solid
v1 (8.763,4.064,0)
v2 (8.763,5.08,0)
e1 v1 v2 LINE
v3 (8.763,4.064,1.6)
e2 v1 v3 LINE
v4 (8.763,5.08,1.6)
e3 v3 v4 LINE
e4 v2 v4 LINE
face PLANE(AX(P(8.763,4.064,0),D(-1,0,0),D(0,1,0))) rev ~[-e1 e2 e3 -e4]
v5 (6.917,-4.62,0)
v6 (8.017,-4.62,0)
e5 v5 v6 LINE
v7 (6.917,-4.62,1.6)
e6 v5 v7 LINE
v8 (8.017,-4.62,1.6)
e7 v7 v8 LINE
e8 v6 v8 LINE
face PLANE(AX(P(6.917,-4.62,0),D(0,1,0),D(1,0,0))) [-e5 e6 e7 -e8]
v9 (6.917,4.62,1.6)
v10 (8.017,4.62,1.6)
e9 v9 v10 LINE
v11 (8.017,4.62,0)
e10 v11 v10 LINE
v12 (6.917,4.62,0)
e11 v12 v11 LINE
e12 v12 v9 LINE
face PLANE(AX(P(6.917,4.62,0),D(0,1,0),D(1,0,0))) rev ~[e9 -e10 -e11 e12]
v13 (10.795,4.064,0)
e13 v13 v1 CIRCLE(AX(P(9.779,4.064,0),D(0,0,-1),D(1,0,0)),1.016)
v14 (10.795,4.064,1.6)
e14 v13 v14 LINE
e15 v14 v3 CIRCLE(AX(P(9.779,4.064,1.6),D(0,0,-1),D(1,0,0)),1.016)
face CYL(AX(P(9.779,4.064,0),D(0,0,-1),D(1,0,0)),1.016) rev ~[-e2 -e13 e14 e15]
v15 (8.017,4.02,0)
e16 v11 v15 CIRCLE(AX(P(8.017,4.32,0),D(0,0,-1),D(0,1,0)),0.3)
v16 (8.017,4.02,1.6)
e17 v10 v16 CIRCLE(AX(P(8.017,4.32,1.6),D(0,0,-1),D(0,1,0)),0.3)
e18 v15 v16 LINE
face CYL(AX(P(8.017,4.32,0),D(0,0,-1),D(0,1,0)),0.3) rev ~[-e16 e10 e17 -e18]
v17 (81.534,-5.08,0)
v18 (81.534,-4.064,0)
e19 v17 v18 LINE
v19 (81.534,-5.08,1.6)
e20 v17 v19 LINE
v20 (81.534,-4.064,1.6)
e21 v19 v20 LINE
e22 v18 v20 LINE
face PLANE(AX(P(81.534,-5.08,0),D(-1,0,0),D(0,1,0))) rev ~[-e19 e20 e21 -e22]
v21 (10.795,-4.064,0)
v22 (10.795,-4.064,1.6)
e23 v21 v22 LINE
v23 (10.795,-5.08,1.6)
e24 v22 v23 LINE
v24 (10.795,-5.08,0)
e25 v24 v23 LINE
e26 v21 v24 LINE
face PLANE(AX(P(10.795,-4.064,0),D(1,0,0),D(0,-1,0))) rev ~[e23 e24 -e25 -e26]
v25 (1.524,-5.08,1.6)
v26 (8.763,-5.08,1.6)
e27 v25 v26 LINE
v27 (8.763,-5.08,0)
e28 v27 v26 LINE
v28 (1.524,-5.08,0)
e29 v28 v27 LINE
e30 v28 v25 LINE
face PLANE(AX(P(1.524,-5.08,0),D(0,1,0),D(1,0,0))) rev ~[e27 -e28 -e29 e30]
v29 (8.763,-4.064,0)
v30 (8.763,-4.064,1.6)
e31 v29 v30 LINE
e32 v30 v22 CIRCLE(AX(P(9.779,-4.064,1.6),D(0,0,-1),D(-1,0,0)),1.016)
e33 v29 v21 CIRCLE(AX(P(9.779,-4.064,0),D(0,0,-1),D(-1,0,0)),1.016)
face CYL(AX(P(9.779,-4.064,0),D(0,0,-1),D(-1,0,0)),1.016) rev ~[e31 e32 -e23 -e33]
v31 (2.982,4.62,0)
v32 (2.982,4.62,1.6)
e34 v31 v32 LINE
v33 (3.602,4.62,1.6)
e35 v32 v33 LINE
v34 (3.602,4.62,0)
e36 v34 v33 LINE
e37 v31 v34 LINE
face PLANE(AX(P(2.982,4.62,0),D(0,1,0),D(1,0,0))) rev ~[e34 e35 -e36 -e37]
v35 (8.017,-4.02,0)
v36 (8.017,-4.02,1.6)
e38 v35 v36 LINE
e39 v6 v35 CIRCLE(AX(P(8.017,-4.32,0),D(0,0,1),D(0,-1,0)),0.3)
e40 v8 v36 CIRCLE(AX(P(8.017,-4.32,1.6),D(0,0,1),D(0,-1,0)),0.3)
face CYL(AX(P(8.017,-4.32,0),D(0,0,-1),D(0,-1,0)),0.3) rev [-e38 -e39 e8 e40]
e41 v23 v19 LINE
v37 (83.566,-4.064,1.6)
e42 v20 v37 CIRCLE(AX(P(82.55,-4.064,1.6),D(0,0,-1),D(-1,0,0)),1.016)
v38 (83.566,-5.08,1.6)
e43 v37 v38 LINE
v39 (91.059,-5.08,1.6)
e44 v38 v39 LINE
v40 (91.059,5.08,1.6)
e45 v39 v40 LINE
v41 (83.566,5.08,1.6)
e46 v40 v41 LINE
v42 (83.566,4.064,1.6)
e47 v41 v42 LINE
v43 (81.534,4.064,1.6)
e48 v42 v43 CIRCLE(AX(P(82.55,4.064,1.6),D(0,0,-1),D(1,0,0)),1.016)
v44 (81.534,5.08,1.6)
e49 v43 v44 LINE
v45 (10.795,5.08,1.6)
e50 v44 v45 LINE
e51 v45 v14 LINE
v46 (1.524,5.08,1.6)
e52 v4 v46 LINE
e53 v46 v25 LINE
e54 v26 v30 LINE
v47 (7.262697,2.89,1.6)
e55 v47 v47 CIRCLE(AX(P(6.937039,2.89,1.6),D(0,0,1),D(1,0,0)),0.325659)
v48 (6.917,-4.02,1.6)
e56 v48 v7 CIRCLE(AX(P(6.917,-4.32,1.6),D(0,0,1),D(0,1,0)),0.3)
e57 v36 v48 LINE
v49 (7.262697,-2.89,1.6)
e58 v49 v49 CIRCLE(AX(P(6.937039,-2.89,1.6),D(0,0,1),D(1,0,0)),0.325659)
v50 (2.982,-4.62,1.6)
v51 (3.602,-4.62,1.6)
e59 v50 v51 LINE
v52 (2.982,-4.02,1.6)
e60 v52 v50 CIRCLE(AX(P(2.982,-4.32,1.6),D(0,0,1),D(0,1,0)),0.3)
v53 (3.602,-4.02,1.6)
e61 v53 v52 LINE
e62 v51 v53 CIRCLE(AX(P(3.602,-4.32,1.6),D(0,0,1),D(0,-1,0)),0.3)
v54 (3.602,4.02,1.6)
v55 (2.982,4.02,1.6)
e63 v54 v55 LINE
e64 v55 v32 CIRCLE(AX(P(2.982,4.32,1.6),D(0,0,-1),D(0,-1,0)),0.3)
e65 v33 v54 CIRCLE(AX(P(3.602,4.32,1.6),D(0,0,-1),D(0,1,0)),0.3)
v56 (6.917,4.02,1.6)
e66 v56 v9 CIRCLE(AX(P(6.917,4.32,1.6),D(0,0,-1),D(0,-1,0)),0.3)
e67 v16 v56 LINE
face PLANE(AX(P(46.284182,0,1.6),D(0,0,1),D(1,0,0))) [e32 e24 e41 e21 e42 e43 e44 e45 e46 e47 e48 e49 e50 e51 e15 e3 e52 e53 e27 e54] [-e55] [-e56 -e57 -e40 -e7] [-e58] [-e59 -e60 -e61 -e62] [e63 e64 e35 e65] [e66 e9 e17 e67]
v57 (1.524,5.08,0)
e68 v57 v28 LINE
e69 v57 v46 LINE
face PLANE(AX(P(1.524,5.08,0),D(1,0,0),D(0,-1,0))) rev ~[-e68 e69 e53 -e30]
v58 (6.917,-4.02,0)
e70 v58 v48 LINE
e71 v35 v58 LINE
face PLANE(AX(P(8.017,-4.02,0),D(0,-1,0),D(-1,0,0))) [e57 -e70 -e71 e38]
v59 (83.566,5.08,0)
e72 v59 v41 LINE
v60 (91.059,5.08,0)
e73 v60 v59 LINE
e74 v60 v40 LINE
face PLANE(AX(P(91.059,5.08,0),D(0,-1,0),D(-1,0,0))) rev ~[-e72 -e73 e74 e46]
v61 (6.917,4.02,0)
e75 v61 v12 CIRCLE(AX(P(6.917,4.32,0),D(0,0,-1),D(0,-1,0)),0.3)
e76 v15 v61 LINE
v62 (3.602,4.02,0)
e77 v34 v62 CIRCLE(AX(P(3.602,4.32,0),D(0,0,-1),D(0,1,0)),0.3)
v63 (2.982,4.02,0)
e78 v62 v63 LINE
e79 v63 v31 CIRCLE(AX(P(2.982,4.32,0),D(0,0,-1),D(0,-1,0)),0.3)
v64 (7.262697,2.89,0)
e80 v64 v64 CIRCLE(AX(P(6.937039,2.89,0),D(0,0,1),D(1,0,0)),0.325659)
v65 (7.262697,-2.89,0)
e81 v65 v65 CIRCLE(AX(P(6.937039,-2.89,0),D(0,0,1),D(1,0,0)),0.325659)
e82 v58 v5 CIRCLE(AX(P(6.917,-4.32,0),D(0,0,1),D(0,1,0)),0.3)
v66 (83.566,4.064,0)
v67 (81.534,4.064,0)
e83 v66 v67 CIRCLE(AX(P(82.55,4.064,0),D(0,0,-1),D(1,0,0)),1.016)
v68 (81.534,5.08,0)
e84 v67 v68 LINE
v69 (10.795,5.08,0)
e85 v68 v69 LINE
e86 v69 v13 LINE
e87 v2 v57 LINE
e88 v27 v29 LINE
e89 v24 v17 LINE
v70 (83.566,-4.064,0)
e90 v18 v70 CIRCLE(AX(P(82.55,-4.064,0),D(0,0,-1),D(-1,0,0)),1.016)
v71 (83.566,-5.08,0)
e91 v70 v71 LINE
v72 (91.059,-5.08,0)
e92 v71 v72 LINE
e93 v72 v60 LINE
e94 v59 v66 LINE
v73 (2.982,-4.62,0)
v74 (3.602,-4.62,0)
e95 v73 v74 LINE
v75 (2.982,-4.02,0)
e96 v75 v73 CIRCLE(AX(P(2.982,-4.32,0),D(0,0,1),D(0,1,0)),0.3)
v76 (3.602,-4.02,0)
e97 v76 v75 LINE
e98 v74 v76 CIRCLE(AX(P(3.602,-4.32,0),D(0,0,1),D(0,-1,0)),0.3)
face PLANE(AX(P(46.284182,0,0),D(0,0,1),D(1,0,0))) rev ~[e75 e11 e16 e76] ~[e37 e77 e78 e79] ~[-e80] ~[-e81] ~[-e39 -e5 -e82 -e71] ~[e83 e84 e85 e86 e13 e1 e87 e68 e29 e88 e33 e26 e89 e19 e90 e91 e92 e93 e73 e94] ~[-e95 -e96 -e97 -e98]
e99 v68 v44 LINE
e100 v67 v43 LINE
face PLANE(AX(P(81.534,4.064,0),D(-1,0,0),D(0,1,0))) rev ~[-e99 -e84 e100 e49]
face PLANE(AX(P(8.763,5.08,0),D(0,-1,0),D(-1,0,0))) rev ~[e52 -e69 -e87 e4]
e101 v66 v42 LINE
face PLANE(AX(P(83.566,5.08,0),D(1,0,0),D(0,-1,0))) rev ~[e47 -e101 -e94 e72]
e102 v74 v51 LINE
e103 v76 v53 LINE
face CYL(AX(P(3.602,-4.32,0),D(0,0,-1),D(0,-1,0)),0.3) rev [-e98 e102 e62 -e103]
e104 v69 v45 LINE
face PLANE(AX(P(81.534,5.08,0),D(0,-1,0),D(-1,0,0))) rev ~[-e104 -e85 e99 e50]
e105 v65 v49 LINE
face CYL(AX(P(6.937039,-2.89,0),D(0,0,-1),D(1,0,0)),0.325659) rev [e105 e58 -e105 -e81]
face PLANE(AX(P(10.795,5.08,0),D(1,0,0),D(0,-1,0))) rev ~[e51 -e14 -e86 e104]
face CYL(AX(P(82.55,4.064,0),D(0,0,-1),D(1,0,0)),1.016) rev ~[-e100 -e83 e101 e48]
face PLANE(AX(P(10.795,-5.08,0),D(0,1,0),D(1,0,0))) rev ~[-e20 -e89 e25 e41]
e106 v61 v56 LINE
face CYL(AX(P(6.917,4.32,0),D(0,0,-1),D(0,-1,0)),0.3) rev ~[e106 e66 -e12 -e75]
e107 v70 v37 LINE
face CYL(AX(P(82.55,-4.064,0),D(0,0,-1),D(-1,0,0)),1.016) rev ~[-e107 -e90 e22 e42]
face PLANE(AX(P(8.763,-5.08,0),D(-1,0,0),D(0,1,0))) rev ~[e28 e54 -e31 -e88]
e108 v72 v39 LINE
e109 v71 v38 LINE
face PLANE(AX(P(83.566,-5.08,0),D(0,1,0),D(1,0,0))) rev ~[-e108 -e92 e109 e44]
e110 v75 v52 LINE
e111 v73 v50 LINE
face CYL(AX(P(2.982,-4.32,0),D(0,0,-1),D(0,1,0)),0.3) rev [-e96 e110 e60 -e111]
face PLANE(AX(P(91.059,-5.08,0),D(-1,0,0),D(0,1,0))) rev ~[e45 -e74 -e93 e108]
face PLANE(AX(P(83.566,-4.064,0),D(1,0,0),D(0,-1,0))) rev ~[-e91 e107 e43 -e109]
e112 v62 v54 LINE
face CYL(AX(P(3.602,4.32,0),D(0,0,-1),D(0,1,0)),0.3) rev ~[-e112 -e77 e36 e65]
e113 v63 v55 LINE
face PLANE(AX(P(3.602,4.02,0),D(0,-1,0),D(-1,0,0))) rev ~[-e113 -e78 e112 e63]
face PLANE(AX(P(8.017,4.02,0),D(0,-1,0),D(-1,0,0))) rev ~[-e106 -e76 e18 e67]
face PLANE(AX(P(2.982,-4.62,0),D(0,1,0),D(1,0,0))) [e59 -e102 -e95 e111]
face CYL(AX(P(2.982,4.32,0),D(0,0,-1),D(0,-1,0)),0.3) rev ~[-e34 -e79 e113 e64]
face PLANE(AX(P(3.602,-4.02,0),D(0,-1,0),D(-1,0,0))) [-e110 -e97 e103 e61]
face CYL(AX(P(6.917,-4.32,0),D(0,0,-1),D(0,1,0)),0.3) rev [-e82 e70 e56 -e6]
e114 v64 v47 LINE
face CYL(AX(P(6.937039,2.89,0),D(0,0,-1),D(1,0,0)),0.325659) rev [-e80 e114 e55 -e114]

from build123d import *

# Parameters (mm, degrees)
SKETCH_2_R      = 0.325658607
EXTRUDE_1_DEPTH = 1.6


with BuildPart() as part:
    # 草图2 → 凸台-拉伸1 (new body)
    with BuildSketch(Plane.XY):
        with BuildLine():
            Line((1.524, 5.08), (1.524, -5.08))
            Line((1.524, -5.08), (8.763, -5.08))
            Line((8.763, -5.08), (8.763, -4.064))
            ThreePointArc((8.763, -4.064), (9.779, -3.048), (10.795, -4.064))
            Line((10.795, -4.064), (10.795, -5.08))
            Line((10.795, -5.08), (81.534, -5.08))
            Line((81.534, -5.08), (81.534, -4.064))
            ThreePointArc((81.534, -4.064), (82.55, -3.048), (83.566, -4.064))
            Line((83.566, -4.064), (83.566, -5.08))
            Line((83.566, -5.08), (91.059, -5.08))
            Line((91.059, -5.08), (91.059, 5.08))
            Line((91.059, 5.08), (83.566, 5.08))
            Line((83.566, 5.08), (83.566, 4.064))
            ThreePointArc((83.566, 4.064), (82.55, 3.048), (81.534, 4.064))
            Line((81.534, 4.064), (81.534, 5.08))
            Line((81.534, 5.08), (10.795, 5.08))
            Line((10.795, 5.08), (10.795, 4.064))
            ThreePointArc((10.795, 4.064), (9.779, 3.048), (8.763, 4.064))
            Line((8.763, 4.064), (8.763, 5.08))
            Line((8.763, 5.08), (1.524, 5.08))
        make_face()
        with Locations((6.937038713, 2.89)):
            Circle(SKETCH_2_R, mode=Mode.SUBTRACT)
        with Locations((6.937038713, -2.89)):
            Circle(SKETCH_2_R, mode=Mode.SUBTRACT)
        with BuildLine():
            Line((2.982, 4.62), (3.602, 4.62))
            ThreePointArc((3.602, 4.62), (3.902, 4.32), (3.602, 4.02))
            Line((3.602, 4.02), (2.982, 4.02))
            ThreePointArc((2.982, 4.02), (2.682, 4.32), (2.982, 4.62))
        make_face(mode=Mode.SUBTRACT)
        with BuildLine():
            Line((6.917, 4.62), (8.017, 4.62))
            ThreePointArc((8.017, 4.62), (8.317, 4.32), (8.017, 4.02))
            Line((8.017, 4.02), (6.917, 4.02))
            ThreePointArc((6.917, 4.02), (6.617, 4.32), (6.917, 4.62))
        make_face(mode=Mode.SUBTRACT)
        with BuildLine():
            Line((8.017, -4.02), (6.917, -4.02))
            ThreePointArc((6.917, -4.02), (6.617, -4.32), (6.917, -4.62))
            Line((6.917, -4.62), (8.017, -4.62))
            ThreePointArc((8.017, -4.62), (8.317, -4.32), (8.017, -4.02))
        make_face(mode=Mode.SUBTRACT)
        with BuildLine():
            Line((3.602, -4.02), (2.982, -4.02))
            ThreePointArc((2.982, -4.02), (2.682, -4.32), (2.982, -4.62))
            Line((2.982, -4.62), (3.602, -4.62))
            ThreePointArc((3.602, -4.62), (3.902, -4.32), (3.602, -4.02))
        make_face(mode=Mode.SUBTRACT)
    extrude(amount=EXTRUDE_1_DEPTH)


solid = part.part
